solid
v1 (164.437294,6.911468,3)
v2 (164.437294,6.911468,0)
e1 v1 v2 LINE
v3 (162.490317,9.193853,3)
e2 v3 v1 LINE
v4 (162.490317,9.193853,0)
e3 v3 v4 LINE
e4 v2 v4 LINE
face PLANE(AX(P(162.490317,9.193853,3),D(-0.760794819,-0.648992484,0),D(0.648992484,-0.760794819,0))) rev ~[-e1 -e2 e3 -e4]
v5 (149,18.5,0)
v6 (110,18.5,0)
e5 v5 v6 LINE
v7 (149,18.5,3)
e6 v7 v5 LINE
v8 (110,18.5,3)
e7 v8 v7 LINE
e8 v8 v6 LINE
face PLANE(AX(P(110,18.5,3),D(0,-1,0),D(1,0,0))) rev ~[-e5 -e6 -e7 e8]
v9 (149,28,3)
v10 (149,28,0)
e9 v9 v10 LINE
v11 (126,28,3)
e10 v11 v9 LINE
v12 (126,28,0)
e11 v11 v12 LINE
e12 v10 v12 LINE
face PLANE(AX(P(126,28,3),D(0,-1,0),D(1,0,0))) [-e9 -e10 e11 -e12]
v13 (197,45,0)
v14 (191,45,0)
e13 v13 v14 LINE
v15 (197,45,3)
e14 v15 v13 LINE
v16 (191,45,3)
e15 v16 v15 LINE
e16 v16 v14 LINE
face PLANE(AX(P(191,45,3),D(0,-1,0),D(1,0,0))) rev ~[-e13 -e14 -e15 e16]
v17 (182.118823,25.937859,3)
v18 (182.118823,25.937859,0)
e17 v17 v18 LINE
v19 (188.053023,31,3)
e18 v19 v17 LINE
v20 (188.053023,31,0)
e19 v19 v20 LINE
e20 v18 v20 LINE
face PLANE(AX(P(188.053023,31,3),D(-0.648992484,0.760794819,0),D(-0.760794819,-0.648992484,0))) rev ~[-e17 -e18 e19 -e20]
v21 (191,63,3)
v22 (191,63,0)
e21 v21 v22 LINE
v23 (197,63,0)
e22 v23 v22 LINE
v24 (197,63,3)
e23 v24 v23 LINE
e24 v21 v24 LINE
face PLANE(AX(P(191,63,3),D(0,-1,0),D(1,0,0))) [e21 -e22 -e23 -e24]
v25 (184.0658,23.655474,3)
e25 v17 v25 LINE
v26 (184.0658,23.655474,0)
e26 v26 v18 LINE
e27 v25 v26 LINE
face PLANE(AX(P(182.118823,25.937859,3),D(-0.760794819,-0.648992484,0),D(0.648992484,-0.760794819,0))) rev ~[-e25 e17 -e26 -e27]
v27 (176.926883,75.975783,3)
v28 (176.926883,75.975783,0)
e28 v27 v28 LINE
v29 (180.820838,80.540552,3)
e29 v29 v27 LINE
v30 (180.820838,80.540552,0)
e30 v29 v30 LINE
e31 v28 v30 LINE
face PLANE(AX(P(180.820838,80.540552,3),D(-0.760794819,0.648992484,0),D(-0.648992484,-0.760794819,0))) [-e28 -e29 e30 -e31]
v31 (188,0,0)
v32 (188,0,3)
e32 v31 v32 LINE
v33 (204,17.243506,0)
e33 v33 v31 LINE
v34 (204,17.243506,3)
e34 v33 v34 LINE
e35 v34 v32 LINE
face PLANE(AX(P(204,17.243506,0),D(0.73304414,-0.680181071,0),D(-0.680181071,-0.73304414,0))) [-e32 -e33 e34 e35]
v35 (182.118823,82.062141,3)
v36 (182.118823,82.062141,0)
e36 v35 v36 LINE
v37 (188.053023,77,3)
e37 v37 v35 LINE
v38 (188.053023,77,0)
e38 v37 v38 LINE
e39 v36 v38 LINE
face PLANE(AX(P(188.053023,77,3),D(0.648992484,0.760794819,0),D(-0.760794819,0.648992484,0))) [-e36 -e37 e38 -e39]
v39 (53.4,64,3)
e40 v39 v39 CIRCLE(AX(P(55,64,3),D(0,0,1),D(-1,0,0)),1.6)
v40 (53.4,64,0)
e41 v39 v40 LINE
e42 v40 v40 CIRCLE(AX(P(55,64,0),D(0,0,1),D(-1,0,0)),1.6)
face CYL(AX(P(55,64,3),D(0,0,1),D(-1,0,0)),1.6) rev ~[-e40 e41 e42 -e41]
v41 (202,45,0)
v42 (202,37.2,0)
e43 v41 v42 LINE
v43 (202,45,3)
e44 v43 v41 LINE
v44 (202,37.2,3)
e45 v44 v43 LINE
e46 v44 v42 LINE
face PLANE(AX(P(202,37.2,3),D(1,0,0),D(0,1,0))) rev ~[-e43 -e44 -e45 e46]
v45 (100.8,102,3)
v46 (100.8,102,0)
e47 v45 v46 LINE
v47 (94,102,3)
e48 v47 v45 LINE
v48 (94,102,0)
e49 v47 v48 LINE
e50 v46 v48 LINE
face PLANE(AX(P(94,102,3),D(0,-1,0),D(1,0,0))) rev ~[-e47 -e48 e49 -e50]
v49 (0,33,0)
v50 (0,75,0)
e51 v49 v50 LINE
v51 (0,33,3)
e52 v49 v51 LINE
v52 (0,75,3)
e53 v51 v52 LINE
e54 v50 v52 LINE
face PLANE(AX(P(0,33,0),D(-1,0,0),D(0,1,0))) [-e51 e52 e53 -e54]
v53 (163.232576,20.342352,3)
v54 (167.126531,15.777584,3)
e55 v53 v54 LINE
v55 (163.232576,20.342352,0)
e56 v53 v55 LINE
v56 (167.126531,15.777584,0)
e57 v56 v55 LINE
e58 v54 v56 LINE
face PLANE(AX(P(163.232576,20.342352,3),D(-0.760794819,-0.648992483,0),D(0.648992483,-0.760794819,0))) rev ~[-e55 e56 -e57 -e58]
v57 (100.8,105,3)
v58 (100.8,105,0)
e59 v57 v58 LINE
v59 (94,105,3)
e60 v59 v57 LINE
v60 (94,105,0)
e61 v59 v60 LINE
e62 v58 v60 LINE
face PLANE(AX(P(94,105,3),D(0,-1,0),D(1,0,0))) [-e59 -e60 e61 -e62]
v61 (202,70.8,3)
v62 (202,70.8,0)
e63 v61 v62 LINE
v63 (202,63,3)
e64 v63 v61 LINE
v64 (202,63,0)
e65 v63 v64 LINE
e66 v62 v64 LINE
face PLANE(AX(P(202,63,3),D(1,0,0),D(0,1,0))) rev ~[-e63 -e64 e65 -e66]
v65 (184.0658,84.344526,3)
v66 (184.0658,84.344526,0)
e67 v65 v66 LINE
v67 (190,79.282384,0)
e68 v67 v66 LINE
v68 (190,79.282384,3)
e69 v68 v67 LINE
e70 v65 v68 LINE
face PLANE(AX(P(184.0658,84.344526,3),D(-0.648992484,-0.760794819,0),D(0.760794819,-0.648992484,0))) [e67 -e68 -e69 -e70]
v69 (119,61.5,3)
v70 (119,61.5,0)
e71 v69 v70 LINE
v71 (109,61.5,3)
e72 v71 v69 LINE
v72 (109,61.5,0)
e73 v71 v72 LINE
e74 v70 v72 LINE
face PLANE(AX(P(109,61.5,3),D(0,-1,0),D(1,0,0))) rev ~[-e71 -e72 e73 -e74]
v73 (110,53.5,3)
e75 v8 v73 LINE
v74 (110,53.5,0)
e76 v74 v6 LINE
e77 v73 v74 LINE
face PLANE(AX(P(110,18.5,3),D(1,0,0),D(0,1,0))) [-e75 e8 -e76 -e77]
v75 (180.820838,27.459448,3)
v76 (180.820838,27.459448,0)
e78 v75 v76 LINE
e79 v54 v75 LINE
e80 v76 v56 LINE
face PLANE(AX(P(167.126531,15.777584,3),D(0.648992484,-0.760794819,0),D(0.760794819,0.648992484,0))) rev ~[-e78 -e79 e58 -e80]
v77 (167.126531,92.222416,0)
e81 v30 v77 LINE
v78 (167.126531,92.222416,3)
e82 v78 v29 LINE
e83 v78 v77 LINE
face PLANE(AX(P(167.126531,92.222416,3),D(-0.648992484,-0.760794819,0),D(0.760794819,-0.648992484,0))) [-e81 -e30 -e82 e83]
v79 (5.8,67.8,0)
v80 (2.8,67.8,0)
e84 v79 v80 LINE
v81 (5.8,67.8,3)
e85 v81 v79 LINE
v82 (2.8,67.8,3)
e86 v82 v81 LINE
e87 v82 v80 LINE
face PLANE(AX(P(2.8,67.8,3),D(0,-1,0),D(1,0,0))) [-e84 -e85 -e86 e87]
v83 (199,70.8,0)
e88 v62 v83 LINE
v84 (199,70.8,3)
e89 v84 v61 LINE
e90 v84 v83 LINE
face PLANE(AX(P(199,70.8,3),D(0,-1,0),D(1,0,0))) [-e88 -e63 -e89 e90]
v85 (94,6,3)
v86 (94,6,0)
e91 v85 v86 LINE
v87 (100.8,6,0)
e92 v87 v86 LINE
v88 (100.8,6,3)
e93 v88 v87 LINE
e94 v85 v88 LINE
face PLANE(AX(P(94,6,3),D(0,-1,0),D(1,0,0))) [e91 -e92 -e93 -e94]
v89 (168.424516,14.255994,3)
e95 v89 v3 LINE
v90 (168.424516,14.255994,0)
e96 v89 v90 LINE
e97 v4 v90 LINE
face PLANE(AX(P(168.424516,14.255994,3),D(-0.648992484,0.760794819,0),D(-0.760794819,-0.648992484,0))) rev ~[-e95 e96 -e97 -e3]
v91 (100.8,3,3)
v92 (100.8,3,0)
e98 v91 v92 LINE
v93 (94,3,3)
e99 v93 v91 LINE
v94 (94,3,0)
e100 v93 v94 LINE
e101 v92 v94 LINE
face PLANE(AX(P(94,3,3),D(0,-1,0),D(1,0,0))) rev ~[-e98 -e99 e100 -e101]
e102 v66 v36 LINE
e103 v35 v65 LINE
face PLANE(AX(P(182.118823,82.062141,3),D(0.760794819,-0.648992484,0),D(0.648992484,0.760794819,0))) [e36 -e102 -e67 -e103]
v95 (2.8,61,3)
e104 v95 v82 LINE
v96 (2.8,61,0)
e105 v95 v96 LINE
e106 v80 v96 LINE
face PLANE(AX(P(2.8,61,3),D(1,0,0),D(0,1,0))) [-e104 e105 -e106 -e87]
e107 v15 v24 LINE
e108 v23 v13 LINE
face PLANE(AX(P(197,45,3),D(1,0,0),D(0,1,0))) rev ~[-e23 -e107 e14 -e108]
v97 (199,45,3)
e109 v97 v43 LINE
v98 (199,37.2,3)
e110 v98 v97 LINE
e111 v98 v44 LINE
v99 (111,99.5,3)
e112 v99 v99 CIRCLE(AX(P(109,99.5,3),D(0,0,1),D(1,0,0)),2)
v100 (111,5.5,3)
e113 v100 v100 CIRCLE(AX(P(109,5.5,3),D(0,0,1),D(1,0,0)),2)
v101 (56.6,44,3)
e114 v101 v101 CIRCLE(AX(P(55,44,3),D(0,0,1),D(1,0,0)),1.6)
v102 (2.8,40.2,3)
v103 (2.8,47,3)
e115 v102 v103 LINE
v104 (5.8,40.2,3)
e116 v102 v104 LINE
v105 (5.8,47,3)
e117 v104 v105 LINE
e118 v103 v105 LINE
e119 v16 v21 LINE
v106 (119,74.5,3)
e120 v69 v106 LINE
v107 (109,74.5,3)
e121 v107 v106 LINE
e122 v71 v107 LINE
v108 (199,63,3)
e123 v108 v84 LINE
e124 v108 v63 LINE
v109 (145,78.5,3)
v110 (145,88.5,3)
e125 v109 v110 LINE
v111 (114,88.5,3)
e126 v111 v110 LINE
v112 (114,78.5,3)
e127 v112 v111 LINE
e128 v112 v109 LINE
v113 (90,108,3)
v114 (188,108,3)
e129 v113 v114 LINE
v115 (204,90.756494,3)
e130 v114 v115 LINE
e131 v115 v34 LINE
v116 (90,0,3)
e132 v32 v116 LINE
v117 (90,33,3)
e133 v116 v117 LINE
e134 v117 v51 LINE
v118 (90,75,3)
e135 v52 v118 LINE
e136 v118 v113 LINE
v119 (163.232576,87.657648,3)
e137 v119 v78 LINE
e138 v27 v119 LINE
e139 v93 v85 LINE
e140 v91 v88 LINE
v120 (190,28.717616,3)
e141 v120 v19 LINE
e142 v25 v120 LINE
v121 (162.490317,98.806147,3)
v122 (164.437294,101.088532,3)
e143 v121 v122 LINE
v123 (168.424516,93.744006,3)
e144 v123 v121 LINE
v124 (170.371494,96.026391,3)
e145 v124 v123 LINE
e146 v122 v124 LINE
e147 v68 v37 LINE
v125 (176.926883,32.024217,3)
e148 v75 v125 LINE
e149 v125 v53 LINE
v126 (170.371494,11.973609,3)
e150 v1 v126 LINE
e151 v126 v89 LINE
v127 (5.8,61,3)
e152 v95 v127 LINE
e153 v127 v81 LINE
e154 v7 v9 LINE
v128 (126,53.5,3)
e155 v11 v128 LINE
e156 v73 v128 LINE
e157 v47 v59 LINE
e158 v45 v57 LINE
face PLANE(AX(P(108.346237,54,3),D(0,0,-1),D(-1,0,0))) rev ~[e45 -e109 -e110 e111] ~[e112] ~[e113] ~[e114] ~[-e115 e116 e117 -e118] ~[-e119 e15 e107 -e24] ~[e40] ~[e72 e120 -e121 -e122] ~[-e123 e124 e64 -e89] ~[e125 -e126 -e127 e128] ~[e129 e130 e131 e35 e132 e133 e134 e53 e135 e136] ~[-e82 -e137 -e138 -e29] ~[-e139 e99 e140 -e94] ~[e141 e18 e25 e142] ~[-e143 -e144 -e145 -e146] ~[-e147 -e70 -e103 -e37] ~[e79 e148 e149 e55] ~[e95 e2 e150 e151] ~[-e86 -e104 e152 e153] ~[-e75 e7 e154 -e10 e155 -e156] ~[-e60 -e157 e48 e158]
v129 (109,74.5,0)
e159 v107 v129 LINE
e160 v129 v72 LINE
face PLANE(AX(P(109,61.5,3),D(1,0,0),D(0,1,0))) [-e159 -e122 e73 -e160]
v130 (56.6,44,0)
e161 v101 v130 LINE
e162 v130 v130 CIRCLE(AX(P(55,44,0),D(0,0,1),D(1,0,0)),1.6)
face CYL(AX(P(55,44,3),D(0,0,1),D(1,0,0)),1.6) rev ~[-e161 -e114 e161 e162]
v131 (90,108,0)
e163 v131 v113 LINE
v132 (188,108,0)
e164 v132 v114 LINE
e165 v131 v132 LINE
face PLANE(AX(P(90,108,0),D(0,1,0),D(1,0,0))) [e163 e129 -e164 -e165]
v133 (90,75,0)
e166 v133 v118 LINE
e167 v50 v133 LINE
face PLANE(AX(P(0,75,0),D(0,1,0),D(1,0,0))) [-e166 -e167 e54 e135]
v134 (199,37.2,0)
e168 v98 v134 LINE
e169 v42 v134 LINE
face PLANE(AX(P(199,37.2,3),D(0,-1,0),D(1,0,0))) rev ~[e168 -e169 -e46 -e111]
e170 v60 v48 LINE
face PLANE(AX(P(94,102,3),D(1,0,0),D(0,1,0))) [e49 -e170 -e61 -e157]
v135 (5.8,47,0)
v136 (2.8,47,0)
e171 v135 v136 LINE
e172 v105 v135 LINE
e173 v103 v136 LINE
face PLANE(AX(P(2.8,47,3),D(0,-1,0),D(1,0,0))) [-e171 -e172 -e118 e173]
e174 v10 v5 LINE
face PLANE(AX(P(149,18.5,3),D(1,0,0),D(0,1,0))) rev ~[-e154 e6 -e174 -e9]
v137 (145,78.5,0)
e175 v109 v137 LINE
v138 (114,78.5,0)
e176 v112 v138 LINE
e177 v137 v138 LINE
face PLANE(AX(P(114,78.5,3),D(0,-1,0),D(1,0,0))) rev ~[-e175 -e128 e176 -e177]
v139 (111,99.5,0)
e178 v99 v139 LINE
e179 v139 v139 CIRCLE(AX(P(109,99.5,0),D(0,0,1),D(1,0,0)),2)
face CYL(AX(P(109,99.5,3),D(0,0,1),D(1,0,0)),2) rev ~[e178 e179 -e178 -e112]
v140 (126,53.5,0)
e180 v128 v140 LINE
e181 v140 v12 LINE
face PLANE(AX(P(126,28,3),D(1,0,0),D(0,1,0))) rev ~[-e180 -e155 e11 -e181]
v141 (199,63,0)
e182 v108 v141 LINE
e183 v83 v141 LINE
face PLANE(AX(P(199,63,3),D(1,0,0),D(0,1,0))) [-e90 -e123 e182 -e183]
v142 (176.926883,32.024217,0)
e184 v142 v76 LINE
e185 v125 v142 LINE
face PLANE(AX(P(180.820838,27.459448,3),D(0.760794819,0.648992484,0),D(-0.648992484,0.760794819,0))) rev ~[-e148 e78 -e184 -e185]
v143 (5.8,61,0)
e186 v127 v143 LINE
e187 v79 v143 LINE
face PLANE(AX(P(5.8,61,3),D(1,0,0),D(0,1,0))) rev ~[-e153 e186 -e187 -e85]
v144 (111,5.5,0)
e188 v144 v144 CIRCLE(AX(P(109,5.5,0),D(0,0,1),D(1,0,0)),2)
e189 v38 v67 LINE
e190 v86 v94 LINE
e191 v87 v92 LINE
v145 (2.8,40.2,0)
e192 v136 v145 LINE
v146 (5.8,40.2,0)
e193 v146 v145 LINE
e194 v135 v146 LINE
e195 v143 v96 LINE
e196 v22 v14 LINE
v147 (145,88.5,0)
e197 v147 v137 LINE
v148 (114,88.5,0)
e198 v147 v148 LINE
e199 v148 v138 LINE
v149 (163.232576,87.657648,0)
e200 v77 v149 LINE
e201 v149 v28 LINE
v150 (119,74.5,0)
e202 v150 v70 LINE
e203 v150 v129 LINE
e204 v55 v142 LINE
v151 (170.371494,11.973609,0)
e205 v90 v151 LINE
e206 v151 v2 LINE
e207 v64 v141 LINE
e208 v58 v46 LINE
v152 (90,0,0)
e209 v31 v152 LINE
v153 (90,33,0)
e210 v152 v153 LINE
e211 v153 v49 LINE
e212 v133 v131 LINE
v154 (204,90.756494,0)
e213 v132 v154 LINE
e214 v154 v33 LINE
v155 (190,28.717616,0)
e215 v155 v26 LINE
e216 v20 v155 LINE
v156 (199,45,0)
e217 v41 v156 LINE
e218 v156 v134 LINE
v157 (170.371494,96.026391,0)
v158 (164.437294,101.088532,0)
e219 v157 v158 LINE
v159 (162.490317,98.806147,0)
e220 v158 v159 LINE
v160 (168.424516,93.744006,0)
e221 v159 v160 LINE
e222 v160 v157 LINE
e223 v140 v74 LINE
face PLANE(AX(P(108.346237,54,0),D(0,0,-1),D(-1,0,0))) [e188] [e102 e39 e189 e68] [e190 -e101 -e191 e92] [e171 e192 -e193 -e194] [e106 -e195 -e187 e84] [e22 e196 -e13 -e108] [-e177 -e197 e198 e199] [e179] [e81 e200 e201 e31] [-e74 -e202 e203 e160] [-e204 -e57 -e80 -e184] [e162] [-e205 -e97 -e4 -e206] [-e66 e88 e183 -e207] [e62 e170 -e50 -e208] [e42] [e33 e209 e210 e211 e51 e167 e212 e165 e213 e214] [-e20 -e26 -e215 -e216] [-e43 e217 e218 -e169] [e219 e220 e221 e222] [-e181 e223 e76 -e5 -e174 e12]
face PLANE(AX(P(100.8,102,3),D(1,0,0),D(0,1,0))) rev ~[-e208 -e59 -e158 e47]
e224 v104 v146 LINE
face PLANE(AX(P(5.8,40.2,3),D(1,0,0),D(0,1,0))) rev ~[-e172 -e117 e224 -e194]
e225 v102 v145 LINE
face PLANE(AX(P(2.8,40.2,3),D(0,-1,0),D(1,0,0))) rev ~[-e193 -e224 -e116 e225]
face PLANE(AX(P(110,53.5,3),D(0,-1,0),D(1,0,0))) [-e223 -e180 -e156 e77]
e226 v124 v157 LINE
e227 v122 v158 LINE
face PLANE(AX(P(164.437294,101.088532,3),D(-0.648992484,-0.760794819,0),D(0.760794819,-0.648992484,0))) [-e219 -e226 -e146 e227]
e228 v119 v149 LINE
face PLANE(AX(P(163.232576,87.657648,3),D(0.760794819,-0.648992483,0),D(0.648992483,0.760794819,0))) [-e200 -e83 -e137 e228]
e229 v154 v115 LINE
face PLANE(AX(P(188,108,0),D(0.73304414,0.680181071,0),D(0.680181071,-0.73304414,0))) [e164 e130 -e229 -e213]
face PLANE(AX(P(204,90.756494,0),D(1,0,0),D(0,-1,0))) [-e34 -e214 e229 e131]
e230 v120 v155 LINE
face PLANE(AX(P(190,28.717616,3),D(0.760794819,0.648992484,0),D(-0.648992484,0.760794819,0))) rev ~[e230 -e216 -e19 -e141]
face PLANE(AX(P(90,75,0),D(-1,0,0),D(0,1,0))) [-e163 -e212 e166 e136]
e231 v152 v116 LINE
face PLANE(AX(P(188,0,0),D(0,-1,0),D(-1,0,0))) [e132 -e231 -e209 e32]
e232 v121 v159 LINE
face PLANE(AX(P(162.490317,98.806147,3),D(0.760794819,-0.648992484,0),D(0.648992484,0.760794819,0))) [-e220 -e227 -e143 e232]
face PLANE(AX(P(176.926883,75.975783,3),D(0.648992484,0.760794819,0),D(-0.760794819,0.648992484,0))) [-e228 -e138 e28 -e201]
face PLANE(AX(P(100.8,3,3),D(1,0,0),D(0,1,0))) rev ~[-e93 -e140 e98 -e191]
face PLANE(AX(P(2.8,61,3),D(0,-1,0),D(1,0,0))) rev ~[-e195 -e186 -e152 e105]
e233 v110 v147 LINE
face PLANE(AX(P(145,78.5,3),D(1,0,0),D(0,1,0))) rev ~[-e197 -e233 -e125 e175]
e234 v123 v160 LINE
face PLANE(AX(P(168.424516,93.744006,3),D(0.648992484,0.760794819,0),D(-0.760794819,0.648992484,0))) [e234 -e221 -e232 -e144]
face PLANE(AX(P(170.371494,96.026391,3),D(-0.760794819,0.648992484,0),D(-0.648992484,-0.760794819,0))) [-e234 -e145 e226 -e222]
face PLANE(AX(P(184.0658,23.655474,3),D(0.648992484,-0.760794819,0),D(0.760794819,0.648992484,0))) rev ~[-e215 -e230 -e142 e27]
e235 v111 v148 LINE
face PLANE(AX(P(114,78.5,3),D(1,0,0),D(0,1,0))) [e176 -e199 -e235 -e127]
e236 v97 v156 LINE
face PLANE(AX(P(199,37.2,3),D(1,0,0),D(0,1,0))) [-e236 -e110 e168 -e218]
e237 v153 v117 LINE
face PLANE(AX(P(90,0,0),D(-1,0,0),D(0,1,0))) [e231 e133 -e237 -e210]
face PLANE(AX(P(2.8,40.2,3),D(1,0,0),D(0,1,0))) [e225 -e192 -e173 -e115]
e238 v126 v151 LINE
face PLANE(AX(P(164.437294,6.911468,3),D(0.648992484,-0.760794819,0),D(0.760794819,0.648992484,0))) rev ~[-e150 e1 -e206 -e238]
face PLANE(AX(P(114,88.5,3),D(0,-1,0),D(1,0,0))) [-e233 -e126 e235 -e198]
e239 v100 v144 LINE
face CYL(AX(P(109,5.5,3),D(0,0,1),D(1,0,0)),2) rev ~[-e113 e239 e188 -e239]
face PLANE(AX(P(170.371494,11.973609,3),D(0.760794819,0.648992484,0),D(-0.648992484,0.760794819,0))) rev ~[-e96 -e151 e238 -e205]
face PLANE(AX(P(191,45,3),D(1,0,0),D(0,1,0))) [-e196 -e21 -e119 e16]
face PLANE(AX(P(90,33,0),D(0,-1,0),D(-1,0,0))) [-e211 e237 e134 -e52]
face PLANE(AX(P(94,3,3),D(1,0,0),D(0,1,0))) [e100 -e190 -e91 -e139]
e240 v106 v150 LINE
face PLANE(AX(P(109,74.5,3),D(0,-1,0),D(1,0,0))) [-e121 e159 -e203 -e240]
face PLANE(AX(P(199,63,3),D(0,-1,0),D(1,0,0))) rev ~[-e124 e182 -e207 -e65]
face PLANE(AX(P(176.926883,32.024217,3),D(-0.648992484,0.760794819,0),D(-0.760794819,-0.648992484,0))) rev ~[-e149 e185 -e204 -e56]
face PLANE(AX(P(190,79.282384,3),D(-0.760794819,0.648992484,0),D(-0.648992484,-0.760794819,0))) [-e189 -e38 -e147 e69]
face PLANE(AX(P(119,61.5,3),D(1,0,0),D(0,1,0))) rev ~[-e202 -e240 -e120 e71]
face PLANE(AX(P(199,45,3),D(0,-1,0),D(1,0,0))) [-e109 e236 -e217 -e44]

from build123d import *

# Parameters (mm, degrees)
RESSALTO_EXTRUS_O1_DEPTH = 3
ESBO_O2_W                = 31
ESBO_O2_H                = 10
ESBO_O2_W_2              = 16
ESBO_O2_H_2              = 35
ESBO_O2_W_3              = 10
ESBO_O2_H_3              = 13
ESBO_O2_W_4              = 23
ESBO_O2_H_4              = 9.5
ESBO_O2_R                = 2
CORTE_EXTRUS_O1_DEPTH    = 231.844103239
ESBO_O3_W                = 3
ESBO_O3_H                = 7.8
ESBO_O3_W_2              = 6
ESBO_O3_H_2              = 18
ESBO_O3_H_3              = 6.8
CORTE_EXTRUS_O2_DEPTH    = 10
ESBO_O4_W                = 6.8
ESBO_O4_H                = 3
CORTE_EXTRUS_O3_DEPTH    = 10
ESBO_O6_R                = 1.6
CORTE_EXTRUS_O5_DEPTH    = 10


with BuildPart() as part:
    # Esboço1 → Ressalto-extrusão1 (new body)
    with BuildSketch(Plane.XY):
        Polygon((0, 33), (0, 75), (90, 75), (90, 108), (188, 108), (204, 90.756494192), (204, 17.243505808), (188, 0), (90, 0), (90, 33), align=None)
    extrude(amount=RESSALTO_EXTRUS_O1_DEPTH)

    # Esboço2 → Corte-extrusão1 (cut, through all)
    with BuildSketch(Plane.XY.offset(3)):
        with Locations((129.5, 83.5)):
            Rectangle(ESBO_O2_W, ESBO_O2_H)
        with Locations((118, 36)):
            Rectangle(ESBO_O2_W_2, ESBO_O2_H_2)
        with Locations((114, 68)):
            Rectangle(ESBO_O2_W_3, ESBO_O2_H_3)
        with Locations((137.5, 23.25)):
            Rectangle(ESBO_O2_W_4, ESBO_O2_H_4)
        with Locations((109, 5.5)):
            Circle(ESBO_O2_R)
        with Locations((109, 99.5)):
            Circle(ESBO_O2_R)
    extrude(amount=-CORTE_EXTRUS_O1_DEPTH, mode=Mode.SUBTRACT)

    # Esboço3 → Corte-extrusão2 (cut)
    with BuildSketch(Plane.XY.offset(3)):
        Polygon((164.43729409, 6.911468095), (170.371493676, 11.973609467), (168.424516225, 14.255993924), (162.490316639, 9.193852552), align=None)
        with Locations((200.5, 41.1)):
            Rectangle(ESBO_O3_W, ESBO_O3_H)
        Polygon((190, 28.717615544), (188.053022549, 31), (182.118822963, 25.937858628), (184.065800414, 23.655474172), align=None)
        Polygon((184.065800414, 84.344525828), (190, 79.282384456), (188.053022549, 77), (182.118822963, 82.062141372), align=None)
        Polygon((162.490316639, 98.806147448), (164.43729409, 101.088531905), (170.371493676, 96.026390533), (168.424516225, 93.744006076), align=None)
        Polygon((167.126531258, 15.777583561), (180.820837996, 27.459448266), (176.926883094, 32.024217178), (163.232576357, 20.342352474), align=None)
        with Locations((200.5, 66.9)):
            Rectangle(ESBO_O3_W, ESBO_O3_H)
        with Locations((194, 54)):
            Rectangle(ESBO_O3_W_2, ESBO_O3_H_2)
        Polygon((176.926883094, 75.975782822), (163.232576357, 87.657647526), (167.126531258, 92.222416439), (180.820837996, 80.540551734), align=None)
        with Locations((4.3, 43.6)):
            Rectangle(ESBO_O3_W, ESBO_O3_H_3)
        with Locations((4.3, 64.4)):
            Rectangle(ESBO_O3_W, ESBO_O3_H_3)
    extrude(amount=-CORTE_EXTRUS_O2_DEPTH, mode=Mode.SUBTRACT)

    # Esboço4 → Corte-extrusão3 (cut)
    with BuildSketch(Plane.XY.offset(3)):
        with Locations((97.4, 103.5)):
            Rectangle(ESBO_O4_W, ESBO_O4_H)
        with Locations((97.4, 4.5)):
            Rectangle(ESBO_O4_W, ESBO_O4_H)
    extrude(amount=-CORTE_EXTRUS_O3_DEPTH, mode=Mode.SUBTRACT)

    # Esboço6 → Corte-extrusão5 (cut)
    with BuildSketch(Plane.XY.offset(3)):
        with Locations((55, 44)):
            Circle(ESBO_O6_R)
        with Locations(Location((55, 64, 0), (0, 0, 180))):
            Circle(ESBO_O6_R)
    extrude(amount=-CORTE_EXTRUS_O5_DEPTH, mode=Mode.SUBTRACT)


solid = part.part
